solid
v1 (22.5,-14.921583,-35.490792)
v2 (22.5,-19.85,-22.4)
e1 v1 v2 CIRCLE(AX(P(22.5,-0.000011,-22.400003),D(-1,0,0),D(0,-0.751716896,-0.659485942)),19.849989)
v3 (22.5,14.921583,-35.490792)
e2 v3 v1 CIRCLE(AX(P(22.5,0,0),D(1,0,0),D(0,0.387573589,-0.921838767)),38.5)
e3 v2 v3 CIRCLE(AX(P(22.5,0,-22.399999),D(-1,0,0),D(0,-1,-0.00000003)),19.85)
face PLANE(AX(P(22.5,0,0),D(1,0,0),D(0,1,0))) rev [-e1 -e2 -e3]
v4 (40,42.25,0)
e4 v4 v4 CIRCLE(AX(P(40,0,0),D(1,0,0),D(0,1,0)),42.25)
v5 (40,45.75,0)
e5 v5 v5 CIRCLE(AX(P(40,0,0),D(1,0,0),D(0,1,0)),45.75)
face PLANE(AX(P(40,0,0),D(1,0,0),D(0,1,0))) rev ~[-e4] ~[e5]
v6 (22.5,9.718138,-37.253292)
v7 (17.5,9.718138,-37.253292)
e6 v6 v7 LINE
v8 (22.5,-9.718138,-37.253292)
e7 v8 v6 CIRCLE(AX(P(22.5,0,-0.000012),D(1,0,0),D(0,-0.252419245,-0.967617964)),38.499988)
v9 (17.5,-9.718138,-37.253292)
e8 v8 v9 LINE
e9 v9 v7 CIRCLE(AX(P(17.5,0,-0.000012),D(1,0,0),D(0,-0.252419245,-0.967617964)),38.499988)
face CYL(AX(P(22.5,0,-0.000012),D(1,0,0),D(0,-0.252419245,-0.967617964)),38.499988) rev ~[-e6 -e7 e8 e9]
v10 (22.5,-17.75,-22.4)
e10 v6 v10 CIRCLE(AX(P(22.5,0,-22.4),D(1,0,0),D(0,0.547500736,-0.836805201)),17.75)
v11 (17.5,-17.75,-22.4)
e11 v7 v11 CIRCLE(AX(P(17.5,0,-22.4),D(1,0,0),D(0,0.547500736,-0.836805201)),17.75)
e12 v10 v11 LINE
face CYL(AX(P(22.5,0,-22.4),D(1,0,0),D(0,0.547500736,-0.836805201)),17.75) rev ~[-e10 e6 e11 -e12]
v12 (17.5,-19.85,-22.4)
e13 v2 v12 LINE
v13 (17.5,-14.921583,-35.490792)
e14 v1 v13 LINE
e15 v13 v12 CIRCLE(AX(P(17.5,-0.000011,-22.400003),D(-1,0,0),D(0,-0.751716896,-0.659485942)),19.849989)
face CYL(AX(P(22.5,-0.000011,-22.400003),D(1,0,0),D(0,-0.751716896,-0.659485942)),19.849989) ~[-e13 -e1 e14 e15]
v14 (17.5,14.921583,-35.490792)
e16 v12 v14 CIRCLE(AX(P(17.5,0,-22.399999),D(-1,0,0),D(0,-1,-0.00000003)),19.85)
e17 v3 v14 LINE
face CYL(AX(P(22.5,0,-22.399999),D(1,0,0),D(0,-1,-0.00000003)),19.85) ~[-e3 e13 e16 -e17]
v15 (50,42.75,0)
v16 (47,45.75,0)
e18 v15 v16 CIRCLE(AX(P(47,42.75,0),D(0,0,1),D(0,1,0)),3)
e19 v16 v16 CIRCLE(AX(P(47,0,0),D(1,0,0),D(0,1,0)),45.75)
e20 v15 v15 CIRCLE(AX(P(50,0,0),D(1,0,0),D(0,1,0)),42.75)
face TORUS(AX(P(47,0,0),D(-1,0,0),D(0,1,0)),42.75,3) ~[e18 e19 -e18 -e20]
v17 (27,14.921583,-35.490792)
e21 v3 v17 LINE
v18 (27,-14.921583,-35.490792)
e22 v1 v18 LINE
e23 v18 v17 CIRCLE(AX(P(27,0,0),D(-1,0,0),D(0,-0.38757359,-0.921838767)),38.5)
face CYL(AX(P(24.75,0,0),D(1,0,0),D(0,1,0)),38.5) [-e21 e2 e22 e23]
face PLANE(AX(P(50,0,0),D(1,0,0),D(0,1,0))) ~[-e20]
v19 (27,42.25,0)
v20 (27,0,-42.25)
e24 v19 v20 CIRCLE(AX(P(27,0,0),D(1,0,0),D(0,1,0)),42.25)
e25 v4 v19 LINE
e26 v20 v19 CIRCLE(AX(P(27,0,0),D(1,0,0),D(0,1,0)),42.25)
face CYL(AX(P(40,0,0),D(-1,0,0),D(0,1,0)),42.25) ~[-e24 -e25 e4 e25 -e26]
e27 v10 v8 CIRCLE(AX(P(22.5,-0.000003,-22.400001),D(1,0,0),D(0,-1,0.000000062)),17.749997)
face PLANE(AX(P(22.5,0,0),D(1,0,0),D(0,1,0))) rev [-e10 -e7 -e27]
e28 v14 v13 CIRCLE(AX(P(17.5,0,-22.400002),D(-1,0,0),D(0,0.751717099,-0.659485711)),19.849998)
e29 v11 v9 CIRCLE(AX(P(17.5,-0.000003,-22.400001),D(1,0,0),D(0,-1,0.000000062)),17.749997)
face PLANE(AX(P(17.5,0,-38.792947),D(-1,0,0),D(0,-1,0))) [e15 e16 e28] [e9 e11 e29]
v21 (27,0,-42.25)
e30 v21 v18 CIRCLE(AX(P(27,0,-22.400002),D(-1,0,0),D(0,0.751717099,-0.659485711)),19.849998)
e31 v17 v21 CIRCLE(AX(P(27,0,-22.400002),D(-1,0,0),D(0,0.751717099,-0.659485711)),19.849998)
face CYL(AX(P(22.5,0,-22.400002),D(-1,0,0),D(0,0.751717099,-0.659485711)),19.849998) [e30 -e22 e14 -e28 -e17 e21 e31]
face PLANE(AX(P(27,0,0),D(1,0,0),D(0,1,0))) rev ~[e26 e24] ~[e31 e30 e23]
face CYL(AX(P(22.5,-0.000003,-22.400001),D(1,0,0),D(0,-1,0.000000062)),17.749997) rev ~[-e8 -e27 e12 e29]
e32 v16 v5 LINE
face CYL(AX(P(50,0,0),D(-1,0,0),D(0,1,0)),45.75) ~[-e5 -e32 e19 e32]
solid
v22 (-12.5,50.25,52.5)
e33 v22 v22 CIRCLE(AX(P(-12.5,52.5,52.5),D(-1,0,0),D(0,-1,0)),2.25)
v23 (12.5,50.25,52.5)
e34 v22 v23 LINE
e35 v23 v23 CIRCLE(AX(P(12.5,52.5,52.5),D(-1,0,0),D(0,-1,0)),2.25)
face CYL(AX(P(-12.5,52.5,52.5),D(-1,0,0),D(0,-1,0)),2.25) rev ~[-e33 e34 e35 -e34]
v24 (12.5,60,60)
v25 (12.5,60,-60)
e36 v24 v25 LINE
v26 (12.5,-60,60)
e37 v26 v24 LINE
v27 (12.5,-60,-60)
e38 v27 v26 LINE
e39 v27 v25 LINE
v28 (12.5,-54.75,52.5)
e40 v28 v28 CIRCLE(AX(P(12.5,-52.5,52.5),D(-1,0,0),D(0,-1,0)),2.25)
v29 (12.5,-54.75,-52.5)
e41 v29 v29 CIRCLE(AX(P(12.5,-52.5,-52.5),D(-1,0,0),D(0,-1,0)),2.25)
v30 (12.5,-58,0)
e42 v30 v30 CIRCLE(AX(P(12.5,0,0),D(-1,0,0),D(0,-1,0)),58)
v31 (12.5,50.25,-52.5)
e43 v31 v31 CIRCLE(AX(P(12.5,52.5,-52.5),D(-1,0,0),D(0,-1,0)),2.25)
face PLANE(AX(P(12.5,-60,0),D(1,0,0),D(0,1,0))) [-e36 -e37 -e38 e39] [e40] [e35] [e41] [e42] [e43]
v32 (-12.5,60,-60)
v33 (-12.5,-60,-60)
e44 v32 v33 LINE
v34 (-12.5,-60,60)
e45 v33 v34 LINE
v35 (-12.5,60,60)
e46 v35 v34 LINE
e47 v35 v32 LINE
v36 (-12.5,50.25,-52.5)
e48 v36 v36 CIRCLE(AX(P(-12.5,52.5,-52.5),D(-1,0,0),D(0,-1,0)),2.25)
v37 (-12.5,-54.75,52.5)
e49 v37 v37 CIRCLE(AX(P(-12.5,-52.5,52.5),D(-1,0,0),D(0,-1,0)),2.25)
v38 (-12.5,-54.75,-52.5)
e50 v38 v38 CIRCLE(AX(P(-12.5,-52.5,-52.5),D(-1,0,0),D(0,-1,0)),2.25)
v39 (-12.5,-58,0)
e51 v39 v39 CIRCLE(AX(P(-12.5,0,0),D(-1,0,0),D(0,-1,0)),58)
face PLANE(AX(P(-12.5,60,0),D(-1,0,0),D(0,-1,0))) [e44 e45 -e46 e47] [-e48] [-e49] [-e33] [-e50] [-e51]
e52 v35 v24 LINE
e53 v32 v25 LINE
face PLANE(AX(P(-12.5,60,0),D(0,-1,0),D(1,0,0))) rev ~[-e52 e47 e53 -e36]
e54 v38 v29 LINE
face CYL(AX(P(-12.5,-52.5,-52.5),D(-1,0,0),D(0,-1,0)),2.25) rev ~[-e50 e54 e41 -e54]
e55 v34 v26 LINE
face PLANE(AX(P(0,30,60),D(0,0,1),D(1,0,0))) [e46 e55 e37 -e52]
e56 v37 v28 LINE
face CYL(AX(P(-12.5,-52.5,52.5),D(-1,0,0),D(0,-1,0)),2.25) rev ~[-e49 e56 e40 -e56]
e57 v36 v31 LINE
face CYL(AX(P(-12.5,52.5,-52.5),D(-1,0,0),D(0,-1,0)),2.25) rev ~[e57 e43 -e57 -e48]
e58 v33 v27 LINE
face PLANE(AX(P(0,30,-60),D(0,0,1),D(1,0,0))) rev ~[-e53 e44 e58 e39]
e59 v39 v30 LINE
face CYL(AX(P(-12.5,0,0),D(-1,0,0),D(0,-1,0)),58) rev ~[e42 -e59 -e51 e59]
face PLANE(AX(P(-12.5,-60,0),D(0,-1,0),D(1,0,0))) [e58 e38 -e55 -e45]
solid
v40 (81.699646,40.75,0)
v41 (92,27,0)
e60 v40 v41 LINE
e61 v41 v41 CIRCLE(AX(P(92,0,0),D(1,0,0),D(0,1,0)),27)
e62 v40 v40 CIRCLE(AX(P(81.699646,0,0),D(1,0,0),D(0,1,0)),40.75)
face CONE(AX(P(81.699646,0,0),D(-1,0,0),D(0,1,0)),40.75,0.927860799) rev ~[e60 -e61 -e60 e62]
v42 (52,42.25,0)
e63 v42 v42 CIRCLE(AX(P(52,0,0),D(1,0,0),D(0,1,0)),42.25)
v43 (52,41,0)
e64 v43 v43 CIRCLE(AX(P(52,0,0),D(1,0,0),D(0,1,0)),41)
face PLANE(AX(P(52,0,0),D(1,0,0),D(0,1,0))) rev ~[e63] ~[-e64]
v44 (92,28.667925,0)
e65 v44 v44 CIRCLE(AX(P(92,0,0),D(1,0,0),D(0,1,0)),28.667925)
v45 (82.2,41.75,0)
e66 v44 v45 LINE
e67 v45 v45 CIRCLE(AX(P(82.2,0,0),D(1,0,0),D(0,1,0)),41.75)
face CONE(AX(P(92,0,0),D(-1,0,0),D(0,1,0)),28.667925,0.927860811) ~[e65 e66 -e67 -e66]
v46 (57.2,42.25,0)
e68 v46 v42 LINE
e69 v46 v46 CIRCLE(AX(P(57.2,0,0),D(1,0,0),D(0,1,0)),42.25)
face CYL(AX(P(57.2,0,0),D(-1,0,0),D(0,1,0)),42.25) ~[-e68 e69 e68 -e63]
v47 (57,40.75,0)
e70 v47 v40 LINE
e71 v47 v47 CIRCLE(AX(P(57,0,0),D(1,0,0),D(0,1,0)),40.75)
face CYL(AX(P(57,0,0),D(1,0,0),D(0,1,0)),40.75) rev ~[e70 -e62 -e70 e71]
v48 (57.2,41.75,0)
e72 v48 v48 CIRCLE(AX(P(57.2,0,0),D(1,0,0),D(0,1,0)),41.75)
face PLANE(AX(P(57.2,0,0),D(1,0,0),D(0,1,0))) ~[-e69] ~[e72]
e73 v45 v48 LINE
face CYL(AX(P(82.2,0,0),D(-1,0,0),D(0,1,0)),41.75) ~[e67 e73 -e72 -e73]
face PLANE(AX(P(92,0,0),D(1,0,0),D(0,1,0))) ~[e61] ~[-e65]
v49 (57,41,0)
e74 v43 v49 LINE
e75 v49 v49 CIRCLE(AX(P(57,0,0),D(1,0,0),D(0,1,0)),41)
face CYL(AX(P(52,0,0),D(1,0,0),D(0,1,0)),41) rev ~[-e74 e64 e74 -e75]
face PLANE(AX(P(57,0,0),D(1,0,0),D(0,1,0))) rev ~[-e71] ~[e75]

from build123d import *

# Parameters (mm, degrees)
F0_W          = 25
F0_H          = 60
F1_DEPTH      = 60
F0_W_2        = 4.5
F0_H_2        = 38.5
F3_R          = 3
F4_R          = 58
F4_R_2        = 2.25
F5_DEPTH      = 25
F7_DEPTH      = 5
F7_DEPTH_BACK = 5


with BuildPart() as f1:
    # F0 (on Top) → F1 (new body, symmetric)
    with BuildSketch(Plane.XY):
        with Locations((0, 30)):
            Rectangle(F0_W, F0_H)
        with Locations((0, -30)):
            Rectangle(F0_W, F0_H)
    extrude(amount=F1_DEPTH, both=True)

    # F4 (on face) → F5 (cut)
    with BuildSketch(Plane(origin=(-12.5, 0, 0), x_dir=(0, -1, 0), z_dir=(-1, 0, 0))):
        Circle(F4_R)
        with Locations((-52.5, 52.5)):
            Circle(F4_R_2)
        with Locations((-52.5, -52.5)):
            Circle(F4_R_2)
        with Locations((52.5, -52.5)):
            Circle(F4_R_2)
        with Locations((52.5, 52.5)):
            Circle(F4_R_2)
    extrude(amount=-F5_DEPTH, mode=Mode.SUBTRACT)


with BuildPart() as f2:
    # F0 (on Top) → F2 (revolve)
    with BuildSketch(Plane.XY):
        with Locations((24.75, 19.25)):
            Rectangle(F0_W_2, F0_H_2)
        Polygon((27, 38.5), (27, 0), (40, 0), (40, 42.25), (27, 42.25), align=None)
        Polygon((40, 42.25), (40, 0), (50, 0), (50, 45.75), (40, 45.75), align=None)
        Polygon((52, 42.25), (52, 41), (57, 41), (57, 40.75), (81.699646, 40.75), (92, 27), (92, 28.667925), (82.2, 41.75), (57.2, 41.75), (57.2, 42.25), align=None)
    revolve(axis=Axis((21.535583, 0, 0), (1, 0, 0)))

    # F3
    f3_edges = [f2.edges().sort_by_distance(p)[0] for p in [
        (50, -45.75, 0),
    ]]
    fillet(f3_edges, radius=F3_R)

    # F6 (on face) → F7 (join, two sides)
    with BuildSketch(Plane(origin=(22.5, 0, 0), x_dir=(0, -1, 0), z_dir=(-1, 0, 0))) as f7_sk:
        with BuildLine():
            ThreePointArc((-9.718138, -37.253292), (-12.351339, -36.464975), (-14.921583, -35.490792))
            ThreePointArc((-14.921583, -35.490792), (0, -42.25), (14.921583, -35.490792))
            ThreePointArc((14.921583, -35.490792), (12.351339, -36.464975), (9.718138, -37.253292))
            ThreePointArc((9.718138, -37.253292), (0, -40.15), (-9.718138, -37.253292))
        make_face()
        with BuildLine():
            ThreePointArc((14.921583, -35.490792), (18.577082, -29.393893), (19.85, -22.4))
            ThreePointArc((19.85, -22.4), (-6.993893, -3.822918), (-14.921583, -35.490792))
            ThreePointArc((-14.921583, -35.490792), (-12.351339, -36.464975), (-9.718138, -37.253292))
            ThreePointArc((-9.718138, -37.253292), (-8.442913, -6.786553), (17.75, -22.4))
            ThreePointArc((17.75, -22.4), (15.613447, -30.842913), (9.718138, -37.253292))
            ThreePointArc((9.718138, -37.253292), (12.351339, -36.464975), (14.921583, -35.490792))
        make_face()
        with BuildLine():
            ThreePointArc((9.718138, -37.253292), (0, -38.5), (-9.718138, -37.253292))
            ThreePointArc((-9.718138, -37.253292), (0, -40.15), (9.718138, -37.253292))
        make_face()
    extrude(amount=F7_DEPTH)
    extrude(f7_sk.sketch, amount=-F7_DEPTH_BACK)


solid = Compound([f1.part, f2.part])
